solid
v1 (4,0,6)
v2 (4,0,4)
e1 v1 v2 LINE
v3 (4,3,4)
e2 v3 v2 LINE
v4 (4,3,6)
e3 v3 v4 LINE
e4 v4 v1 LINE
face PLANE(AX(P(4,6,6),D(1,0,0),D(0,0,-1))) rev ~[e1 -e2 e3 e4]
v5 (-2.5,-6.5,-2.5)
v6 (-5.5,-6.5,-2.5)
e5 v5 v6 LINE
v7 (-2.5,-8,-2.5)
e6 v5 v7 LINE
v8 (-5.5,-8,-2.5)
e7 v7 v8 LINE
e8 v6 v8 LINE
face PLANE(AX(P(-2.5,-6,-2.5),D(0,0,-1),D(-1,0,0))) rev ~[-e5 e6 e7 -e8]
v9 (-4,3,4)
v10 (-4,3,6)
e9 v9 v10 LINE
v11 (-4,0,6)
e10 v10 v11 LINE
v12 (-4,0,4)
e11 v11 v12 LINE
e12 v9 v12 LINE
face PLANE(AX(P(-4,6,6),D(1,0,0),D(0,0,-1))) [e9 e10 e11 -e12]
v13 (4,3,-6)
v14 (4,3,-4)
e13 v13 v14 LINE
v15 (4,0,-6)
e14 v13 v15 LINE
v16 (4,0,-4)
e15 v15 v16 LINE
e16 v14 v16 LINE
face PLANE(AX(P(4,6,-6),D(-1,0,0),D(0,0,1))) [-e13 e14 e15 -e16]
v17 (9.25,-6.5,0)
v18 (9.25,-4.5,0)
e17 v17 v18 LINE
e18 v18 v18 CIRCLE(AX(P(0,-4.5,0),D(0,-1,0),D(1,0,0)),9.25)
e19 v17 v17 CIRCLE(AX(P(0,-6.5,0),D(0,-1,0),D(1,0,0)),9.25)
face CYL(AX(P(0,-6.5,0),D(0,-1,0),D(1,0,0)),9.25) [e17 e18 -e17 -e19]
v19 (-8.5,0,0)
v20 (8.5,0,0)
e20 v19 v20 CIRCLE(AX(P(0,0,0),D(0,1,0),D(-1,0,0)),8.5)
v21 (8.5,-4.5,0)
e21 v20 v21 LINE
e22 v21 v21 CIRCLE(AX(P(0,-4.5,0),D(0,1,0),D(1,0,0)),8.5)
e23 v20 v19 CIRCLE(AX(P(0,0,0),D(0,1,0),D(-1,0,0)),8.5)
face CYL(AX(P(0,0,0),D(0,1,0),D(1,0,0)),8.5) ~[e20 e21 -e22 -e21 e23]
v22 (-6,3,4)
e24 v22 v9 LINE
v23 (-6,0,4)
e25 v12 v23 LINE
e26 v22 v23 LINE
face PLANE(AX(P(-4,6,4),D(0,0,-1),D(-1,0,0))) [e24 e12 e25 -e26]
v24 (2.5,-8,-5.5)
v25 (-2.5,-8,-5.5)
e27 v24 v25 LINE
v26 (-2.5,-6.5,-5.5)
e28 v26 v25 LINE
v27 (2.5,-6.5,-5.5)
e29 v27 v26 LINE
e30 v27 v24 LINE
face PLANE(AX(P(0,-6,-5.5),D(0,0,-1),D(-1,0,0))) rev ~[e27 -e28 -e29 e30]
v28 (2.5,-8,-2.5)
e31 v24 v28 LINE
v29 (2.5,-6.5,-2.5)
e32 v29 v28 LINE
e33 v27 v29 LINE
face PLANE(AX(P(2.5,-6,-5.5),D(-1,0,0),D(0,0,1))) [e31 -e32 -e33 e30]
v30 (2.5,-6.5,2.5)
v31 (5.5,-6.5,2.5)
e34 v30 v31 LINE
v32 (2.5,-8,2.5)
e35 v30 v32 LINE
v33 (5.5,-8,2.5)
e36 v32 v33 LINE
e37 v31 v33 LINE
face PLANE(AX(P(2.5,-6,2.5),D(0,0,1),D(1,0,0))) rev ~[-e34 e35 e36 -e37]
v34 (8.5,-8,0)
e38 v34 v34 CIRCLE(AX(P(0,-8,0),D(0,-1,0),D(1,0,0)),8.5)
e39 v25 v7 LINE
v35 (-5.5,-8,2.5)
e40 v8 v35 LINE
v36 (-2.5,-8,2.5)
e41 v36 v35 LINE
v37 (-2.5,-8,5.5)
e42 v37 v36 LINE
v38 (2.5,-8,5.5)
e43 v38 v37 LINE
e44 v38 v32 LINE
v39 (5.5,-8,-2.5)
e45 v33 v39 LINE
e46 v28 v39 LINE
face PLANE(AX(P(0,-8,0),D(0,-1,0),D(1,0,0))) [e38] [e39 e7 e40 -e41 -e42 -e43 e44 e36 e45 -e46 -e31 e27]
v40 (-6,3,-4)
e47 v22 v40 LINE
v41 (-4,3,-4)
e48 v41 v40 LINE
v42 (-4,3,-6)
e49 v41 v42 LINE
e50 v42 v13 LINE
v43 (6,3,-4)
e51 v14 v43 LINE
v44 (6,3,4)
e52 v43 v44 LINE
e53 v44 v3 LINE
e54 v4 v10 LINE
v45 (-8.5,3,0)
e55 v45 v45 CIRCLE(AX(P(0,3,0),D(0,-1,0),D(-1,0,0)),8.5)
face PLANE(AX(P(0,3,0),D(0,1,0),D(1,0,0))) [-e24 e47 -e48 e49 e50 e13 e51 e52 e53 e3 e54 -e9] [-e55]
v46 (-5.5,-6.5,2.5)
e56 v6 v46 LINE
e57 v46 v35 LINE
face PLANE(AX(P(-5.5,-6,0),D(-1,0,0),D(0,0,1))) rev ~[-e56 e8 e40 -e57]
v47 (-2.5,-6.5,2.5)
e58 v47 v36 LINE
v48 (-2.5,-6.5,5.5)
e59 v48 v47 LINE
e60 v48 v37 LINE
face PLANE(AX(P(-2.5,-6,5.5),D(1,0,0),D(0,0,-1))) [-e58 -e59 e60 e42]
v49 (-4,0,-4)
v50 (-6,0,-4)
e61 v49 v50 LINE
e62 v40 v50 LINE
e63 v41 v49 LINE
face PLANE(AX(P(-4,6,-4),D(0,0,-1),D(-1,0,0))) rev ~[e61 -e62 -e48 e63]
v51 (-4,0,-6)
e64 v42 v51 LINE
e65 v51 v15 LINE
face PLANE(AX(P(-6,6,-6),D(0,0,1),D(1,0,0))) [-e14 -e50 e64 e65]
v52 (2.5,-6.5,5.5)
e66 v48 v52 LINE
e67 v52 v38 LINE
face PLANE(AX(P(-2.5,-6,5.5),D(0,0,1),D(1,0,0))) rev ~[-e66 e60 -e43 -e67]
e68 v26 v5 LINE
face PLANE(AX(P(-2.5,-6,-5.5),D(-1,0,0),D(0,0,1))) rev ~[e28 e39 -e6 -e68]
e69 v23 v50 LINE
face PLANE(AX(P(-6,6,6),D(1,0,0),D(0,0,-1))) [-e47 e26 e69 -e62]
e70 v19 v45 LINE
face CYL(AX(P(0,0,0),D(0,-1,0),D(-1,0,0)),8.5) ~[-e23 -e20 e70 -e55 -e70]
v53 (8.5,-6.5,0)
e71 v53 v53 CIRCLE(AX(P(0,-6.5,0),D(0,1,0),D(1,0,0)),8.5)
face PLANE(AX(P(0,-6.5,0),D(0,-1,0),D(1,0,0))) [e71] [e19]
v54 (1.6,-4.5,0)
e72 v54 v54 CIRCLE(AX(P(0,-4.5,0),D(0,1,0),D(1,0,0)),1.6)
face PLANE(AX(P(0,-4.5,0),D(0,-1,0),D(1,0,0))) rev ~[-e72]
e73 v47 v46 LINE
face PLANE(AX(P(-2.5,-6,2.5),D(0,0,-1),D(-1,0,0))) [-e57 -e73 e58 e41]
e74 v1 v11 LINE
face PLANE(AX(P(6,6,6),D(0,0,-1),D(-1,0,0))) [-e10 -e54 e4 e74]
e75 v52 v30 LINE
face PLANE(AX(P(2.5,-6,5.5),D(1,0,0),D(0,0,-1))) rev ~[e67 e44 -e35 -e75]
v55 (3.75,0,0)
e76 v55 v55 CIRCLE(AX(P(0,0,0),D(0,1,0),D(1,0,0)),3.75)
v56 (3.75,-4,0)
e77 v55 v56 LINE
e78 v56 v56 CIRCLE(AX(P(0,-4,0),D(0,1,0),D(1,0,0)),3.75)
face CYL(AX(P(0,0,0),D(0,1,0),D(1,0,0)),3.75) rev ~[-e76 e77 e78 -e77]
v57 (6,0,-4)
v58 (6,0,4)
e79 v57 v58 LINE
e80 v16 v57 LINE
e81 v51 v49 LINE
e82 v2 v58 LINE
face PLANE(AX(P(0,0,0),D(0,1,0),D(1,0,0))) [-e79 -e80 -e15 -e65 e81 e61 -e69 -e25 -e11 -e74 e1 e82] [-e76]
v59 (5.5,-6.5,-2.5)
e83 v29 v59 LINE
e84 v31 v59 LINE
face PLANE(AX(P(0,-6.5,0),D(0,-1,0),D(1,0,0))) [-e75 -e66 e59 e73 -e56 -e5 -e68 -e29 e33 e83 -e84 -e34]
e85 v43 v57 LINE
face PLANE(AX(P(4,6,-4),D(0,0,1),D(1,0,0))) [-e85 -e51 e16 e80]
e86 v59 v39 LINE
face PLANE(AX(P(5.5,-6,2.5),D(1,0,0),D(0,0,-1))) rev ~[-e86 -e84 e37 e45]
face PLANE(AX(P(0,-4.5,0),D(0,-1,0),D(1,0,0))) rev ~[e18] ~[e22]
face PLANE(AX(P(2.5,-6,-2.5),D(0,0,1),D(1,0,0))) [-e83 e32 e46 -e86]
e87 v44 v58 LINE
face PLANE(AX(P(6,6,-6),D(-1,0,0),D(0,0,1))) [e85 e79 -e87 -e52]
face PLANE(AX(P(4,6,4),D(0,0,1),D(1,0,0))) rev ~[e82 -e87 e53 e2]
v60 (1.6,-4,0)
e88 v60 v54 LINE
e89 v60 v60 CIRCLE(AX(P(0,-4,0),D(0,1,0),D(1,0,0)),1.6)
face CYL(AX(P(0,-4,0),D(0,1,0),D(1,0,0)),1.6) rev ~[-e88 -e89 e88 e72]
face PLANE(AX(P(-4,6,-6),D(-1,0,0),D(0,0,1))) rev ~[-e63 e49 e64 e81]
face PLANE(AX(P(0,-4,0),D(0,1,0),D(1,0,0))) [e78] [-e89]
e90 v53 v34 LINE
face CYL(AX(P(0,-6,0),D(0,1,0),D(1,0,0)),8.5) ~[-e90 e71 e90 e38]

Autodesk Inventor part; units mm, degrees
ref_plane "YZ Plane" through (0, 0, 0) normal (1, 0, 0) x (0, 1, 0)
ref_plane "XZ Plane" through (0, 0, 0) normal (0, 1, 0) x (-1, 0, 0)
ref_plane "XY Plane" through (0, 0, 0) normal (0, 0, 1) x (1, 0, 0)
sketch "Skizze1" plane through (0, 0, 0) normal (0, 1, 0) x (-1, 0, 0)
  circle A0 centre (0, 0) radius 8.5
  line L0 (0, -11.9) -> (0, 11.9) projected
  line L1 (11.9, 0) -> (-11.9, 0) projected
  line L2 (6, -6) -> (-6, -6)
  line L3 (-6, -6) -> (-6, 6)
  line L4 (6, 6) -> (6, -6)
  line L5 (6, -6) -> (-6, 6) construction
  line L6 (-6, -6) -> (6, 6) construction
  line L7 (6, 6) -> (-6, 6)
  point P0 (6, -1)
  point P1 (-6, -1)
  dimension "d10" = 12
  dimension "d12" = 17
  dimension "d53" = 12
extrude "Extrusion1" add sketch "Skizze1" along normal blind 6
sketch "Skizze3" plane through (0, 0, 0) normal (0, -1, 0) x (1, 0, 0)
  circle A0 centre (0, 0) radius 8.5
  dimension "d99" = 17
extrude "Extrusion3" add sketch "Skizze3" along normal blind 6
sketch "Skizze9" plane through (0, 6, 0) normal (0, 1, 0) x (1, 0, 0)
  line L0 (-6, 6) -> (6, 6)
  line L1 (6, 6) -> (6, -6)
  line L2 (6, -6) -> (-6, -6)
  line L3 (-6, -6) -> (-6, 6)
  line L4 (-6, 6) -> (6, -6) construction
  line L5 (6, 6) -> (-6, -6) construction
  point P0 (0, 0)
  dimension "d54" = 12
  dimension "d55" = 12
extrude "Extrusion9" cut sketch "Skizze9" against normal blind 6
sketch "Skizze10" plane through (0, 0, 0) normal (0, 1, 0) x (1, 0, 0)
  circle A0 centre (0, 0) radius 3.75
  dimension "d58" = 7.5
extrude "Extrusion10" cut sketch "Skizze10" against normal blind 4
sketch "Skizze12" plane through (0, 6, 0) normal (0, 1, 0) x (1, 0, 0)
  line L0 (-6, 6) -> (-4, 6)
  line L1 (-4, 6) -> (-4, 4)
  line L2 (-4, 4) -> (-6, 4)
  line L3 (-6, 4) -> (-6, 6)
  line L4 (6, 6) -> (6, -6) projected
  line L5 (6, 6) -> (4, 6)
  line L6 (4, 6) -> (4, 4)
  line L7 (4, 4) -> (6, 4)
  line L8 (6, 4) -> (6, 6)
  line L9 (6, -6) -> (-6, -6) projected
  line L10 (-6, -6) -> (-4, -6)
  line L11 (-4, -6) -> (-4, -4)
  line L12 (-4, -4) -> (-6, -4)
  line L13 (-6, -4) -> (-6, -6)
  line L14 (6, -6) -> (4, -6)
  line L15 (4, -6) -> (4, -4)
  line L16 (4, -4) -> (6, -4)
  line L17 (6, -4) -> (6, -6)
  point P0 (0, 0)
  dimension "d64" = 2
  dimension "d65" = 2
  dimension "d66" = 2
  dimension "d67" = 2
  dimension "d68" = 2
  dimension "d69" = 2
  dimension "d70" = 2
  dimension "d71" = 2
extrude "Extrusion12" add sketch "Skizze12" against normal up to surface (6 mm away)
sketch "Skizze13" plane through (0, -6, 0) normal (0, -1, 0) x (1, 0, 0)
  line L0 (-2.5, 5.5) -> (2.5, 5.5)
  line L1 (5.5, 2.5) -> (5.5, -2.5)
  line L2 (2.5, -5.5) -> (-2.5, -5.5)
  line L3 (-5.5, -2.5) -> (-5.5, 2.5)
  line L4 (0, 12.6) -> (0, -12.6) projected
  line L5 (-12.6, 0) -> (12.6, 0) projected
  line L6 (2.5, 5.5) -> (2.5, 2.5)
  line L7 (2.5, 2.5) -> (5.5, 2.5)
  line L8 (-2.5, 5.5) -> (-2.5, 2.5)
  line L9 (-2.5, 2.5) -> (-5.5, 2.5)
  line L10 (-2.5, -5.5) -> (-2.5, -2.5)
  line L11 (-2.5, -2.5) -> (-5.5, -2.5)
  line L12 (2.5, -5.5) -> (2.5, -2.5)
  line L13 (2.5, -2.5) -> (5.5, -2.5)
  circle A0 centre (0, 0) radius 8.5
  dimension "d76" = 3
  dimension "d77" = 3
  dimension "d78" = 3
  dimension "d79" = 3
  dimension "d80" = 3
  dimension "d81" = 3
  dimension "d82" = 3
  dimension "d83" = 3
  dimension "d84" = 90
  dimension "d85" = 2.5
  dimension "d86" = 2.5
  dimension "d87" = 2.5
  dimension "d88" = 2.5
  dimension "d89" = 90
  dimension "d90" = 17
extrude "Extrusion13" add sketch "Skizze13" along normal blind 2 contours L8 L9 L3 L5 A0 L4 L0 | L4 A0 L5 L1 L7 L6 L0 | A0 L4 L2 L12 L13 L1 L5 | L5 L3 L11 L10 L2 L4 A0
sketch "Skizze14" plane through (0, -4, 0) normal (0, 1, 0) x (1, 0, 0)
  circle A0 centre (0, 0) radius 1.6
  dimension "d93" = 3.2
extrude "Extrusion14" cut sketch "Skizze14" against normal up to surface (2 mm away)
sketch "Skizze15" plane through (0, 6, 0) normal (0, 1, 0) x (1, 0, 0)
  circle A0 centre (0, 0) radius 9
  line L0 (-4, 6) -> (4, 6) projected
  line L1 (-4, 6) -> (4, 6)
  line L2 (4, 4) -> (6, 4) projected
  line L3 (4, 6) -> (4, 4)
  line L4 (6, 4) -> (6, -4) projected
  line L5 (4, 4) -> (6, 4)
  line L6 (6, 4) -> (6, -4)
  line L7 (6, -4) -> (4, -4)
  line L8 (4, -4) -> (4, -6) projected
  line L9 (4, -4) -> (4, -6)
  line L10 (4, -6) -> (-4, -6) projected
  line L11 (4, -6) -> (-4, -6)
  line L12 (-4, -4) -> (-4, -6) projected
  line L13 (-4, -6) -> (-4, -4)
  line L14 (-6, -4) -> (-4, -4) projected
  line L15 (-4, -4) -> (-6, -4)
  line L16 (-4, 4) -> (-6, 4) projected
  line L17 (-6, -4) -> (-6, 4)
  line L18 (-6, 4) -> (-4, 4)
  line L19 (-4, 4) -> (-4, 6) projected
  line L20 (-4, 4) -> (-4, 6)
  dimension "d96" = 18
extrude "Extrusion15" cut sketch "Skizze15" against normal blind 3
ref_plane "Arbeitsebene2" through (0, -6.5, 0) normal (0, -1, 0) x (1, 0, 0)
sketch "Skizze17" plane through (0, -6.5, 0) normal (0, -1, 0) x (1, 0, 0)
  circle A0 centre (0, 0) radius 9.25
  dimension "d102" = 18.5
extrude "Extrusion16" add sketch "Skizze17" against normal blind 2
properties part number "_3D-Druck"
